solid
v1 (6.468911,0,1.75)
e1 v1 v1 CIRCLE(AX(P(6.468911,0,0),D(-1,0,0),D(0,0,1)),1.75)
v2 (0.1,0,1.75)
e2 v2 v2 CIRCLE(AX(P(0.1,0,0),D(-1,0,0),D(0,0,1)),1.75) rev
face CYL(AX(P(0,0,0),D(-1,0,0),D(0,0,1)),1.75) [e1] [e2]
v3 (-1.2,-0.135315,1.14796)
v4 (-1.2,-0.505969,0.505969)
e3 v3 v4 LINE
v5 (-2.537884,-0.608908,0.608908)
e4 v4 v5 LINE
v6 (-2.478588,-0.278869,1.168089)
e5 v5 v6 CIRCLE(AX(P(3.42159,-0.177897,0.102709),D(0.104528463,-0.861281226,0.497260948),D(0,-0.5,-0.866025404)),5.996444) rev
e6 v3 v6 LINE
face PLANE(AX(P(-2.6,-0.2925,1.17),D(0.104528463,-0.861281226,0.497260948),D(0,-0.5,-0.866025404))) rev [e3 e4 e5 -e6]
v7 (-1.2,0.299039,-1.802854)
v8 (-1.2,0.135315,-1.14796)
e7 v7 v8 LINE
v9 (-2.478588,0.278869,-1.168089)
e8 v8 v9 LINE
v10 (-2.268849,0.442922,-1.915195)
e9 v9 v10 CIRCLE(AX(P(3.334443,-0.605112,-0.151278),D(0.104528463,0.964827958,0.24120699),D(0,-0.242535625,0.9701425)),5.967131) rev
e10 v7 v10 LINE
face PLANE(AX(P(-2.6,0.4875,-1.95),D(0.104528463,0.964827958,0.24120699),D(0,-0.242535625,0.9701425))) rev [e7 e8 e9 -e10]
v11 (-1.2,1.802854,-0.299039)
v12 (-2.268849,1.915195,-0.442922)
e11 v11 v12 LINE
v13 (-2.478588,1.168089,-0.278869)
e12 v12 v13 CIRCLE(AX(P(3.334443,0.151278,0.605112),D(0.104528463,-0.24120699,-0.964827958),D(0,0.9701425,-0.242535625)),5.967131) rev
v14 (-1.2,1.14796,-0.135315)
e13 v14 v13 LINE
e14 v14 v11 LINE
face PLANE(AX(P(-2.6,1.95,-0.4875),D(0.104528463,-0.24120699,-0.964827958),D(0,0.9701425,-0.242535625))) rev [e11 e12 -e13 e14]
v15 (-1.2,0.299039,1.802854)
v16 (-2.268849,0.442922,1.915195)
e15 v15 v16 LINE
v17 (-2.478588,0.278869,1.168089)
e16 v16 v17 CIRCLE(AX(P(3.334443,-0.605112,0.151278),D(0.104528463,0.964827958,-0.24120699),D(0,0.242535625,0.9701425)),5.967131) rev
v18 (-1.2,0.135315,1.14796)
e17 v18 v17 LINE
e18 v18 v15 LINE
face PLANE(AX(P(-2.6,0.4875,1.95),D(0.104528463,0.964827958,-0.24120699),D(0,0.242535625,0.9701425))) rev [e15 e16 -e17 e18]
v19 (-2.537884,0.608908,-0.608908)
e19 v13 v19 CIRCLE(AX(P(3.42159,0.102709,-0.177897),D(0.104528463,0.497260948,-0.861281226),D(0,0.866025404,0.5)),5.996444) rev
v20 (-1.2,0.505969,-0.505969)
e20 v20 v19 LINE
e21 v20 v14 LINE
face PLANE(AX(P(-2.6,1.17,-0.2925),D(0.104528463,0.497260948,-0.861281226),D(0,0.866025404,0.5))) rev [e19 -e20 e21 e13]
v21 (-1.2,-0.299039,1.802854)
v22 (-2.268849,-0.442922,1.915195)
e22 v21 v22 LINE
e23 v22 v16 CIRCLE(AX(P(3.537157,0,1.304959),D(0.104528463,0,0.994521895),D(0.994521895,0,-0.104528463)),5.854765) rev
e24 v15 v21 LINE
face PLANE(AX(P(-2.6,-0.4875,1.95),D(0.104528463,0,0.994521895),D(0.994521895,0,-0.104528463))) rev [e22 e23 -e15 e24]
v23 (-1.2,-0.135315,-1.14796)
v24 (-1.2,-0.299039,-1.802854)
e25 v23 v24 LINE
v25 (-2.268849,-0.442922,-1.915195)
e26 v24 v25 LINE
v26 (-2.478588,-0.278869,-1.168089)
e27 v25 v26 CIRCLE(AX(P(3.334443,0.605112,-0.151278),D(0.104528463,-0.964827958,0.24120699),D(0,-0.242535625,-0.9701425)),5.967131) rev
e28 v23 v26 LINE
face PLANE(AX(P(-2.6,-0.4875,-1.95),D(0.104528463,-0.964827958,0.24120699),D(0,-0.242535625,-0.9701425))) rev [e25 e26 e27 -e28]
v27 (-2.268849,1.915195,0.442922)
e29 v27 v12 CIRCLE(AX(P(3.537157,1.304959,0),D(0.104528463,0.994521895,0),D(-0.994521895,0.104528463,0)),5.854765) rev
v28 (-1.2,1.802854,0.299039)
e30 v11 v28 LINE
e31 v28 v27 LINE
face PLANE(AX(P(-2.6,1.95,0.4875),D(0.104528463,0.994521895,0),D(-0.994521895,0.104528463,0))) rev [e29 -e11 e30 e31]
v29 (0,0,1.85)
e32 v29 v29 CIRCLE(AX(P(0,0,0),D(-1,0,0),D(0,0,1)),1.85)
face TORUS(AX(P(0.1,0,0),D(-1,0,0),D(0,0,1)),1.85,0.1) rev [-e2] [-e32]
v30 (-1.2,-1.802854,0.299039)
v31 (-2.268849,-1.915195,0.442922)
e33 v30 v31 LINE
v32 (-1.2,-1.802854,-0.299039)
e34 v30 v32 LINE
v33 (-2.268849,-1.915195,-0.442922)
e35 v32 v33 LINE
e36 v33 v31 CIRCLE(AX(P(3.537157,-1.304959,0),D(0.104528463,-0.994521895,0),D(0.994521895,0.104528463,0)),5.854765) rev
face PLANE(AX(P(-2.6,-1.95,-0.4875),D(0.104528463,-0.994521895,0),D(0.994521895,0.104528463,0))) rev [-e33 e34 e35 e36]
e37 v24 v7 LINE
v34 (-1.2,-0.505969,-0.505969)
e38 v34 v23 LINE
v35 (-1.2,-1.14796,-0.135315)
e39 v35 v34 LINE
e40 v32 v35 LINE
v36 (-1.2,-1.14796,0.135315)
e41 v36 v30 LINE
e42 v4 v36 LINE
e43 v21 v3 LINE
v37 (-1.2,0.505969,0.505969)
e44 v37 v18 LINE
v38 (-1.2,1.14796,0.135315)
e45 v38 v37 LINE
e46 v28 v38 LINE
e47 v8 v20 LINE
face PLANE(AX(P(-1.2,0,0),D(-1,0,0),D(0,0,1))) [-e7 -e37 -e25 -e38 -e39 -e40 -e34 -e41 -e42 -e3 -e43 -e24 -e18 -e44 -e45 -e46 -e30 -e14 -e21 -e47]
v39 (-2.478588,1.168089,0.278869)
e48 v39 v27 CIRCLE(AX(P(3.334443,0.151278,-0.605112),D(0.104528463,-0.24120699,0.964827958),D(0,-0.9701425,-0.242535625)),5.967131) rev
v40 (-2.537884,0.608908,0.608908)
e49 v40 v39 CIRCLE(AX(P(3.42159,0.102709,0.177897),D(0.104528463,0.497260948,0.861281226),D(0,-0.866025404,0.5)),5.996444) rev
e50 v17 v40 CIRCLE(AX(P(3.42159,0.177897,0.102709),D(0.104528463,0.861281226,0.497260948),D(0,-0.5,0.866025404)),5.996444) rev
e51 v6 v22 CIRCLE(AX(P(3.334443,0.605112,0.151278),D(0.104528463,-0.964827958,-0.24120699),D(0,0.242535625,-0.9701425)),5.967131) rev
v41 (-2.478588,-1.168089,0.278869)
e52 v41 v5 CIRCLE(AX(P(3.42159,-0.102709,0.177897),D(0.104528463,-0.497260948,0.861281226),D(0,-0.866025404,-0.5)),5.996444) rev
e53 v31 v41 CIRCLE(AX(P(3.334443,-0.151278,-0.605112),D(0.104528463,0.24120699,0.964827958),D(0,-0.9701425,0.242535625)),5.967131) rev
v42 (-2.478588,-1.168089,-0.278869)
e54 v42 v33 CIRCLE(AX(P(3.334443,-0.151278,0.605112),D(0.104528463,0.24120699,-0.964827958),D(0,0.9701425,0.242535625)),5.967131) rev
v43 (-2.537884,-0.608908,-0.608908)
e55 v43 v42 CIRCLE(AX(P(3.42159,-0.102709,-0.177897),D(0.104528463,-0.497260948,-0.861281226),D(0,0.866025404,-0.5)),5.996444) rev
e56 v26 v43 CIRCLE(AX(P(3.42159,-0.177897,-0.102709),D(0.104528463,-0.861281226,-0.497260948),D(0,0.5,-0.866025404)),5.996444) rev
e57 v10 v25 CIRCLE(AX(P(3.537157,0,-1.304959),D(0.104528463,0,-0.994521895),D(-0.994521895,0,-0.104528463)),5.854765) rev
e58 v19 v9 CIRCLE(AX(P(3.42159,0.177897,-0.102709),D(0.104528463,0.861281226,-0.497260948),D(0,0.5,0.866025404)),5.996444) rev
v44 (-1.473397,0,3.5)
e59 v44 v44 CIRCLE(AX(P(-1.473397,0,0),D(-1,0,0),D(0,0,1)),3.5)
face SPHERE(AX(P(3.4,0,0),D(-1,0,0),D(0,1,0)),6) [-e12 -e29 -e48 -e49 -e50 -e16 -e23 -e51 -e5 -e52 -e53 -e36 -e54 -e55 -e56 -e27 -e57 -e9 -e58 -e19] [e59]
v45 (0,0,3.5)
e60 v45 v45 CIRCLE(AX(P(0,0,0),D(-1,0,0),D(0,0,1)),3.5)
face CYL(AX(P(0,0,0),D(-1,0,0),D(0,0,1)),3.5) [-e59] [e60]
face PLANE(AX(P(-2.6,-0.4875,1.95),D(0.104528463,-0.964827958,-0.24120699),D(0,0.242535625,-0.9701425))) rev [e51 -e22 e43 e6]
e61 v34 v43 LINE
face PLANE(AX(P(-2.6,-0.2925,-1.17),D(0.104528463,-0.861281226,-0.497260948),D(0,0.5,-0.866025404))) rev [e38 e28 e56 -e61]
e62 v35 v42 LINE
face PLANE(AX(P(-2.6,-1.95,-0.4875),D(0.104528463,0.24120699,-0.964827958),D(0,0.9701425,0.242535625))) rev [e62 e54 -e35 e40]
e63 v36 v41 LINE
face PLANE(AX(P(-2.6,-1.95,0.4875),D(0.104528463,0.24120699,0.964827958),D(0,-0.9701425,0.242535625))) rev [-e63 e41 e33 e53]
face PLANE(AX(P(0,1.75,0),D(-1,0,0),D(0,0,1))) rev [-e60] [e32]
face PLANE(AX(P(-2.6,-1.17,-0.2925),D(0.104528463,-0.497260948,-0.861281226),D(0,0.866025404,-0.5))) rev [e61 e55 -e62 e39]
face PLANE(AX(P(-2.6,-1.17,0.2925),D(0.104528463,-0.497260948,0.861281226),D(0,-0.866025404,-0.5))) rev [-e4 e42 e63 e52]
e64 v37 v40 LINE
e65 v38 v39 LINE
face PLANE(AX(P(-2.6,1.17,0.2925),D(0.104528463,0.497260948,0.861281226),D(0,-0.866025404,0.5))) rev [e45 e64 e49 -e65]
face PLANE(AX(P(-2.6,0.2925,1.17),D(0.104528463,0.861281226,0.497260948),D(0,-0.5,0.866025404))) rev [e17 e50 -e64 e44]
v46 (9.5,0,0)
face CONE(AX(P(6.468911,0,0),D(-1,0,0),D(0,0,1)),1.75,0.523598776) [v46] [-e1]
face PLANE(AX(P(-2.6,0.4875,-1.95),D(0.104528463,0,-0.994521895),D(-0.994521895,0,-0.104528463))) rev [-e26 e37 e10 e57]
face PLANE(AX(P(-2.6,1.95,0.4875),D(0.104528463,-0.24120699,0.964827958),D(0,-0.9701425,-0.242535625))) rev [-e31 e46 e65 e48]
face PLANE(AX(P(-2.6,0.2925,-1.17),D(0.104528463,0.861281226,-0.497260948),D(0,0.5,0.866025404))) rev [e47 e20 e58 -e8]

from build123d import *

# Parameters (mm, degrees)
CHAMFER1_SIZE      = 0.35
CHAMFER1_SIZE2     = 0.606217783
CUT_EXTRUDE1_DEPTH = 1.4
CUT_EXTRUDE1_TAPER = 6
FILLET1_R          = 0.1


with BuildPart() as part:
    # Sketch1 → Revolve1 (revolve)
    with BuildSketch(Plane.XY, mode=Mode.PRIVATE) as revolve1_sk:
        with BuildLine():
            Line((0, 3.5), (-1.473397172, 3.5))
            ThreePointArc((-1.473397172, 3.5), (-2.311408891, 1.838425545), (-2.6, 0))
            Line((-2.6, 0), (9.5, 0))
            Line((9.5, 0), (9.5, 1.75))
            Line((9.5, 1.75), (0, 1.75))
            Line((0, 1.75), (0, 3.5))
        make_face()
    revolve(revolve1_sk.sketch.rotate(Axis((0, 0, 0), (1, 0, 0)), 90), axis=Axis((0, 0, 0), (1, 0, 0)))

    # Chamfer1
    chamfer1_edges = [part.edges().sort_by_distance(p)[0] for p in [
        (9.5, 0, -1.75),
    ]]
    chamfer1_side = [part.faces().sort_by_distance(p)[0] for p in [
        (9.5, 0, 0),
    ]]
    chamfer(chamfer1_edges, length=CHAMFER1_SIZE, length2=CHAMFER1_SIZE2, reference=chamfer1_side[0])

    # Sketch2 → EndCone (revolve, cut)
    with BuildSketch(Plane.XY, mode=Mode.PRIVATE) as endcone_sk:
        Polygon((9.5, 0), (6.468911087, 1.75), (6.468911087, 1.85), (9.6, 1.85), (9.6, 0), align=None)
    revolve(endcone_sk.sketch.rotate(Axis((0, 0, 0), (1, 0, 0)), 90), axis=Axis((0, 0, 0), (1, 0, 0)), mode=Mode.SUBTRACT)

    # Sketch3 → Cut-Extrude1 (cut)
    with BuildSketch(Plane(origin=(-2.6, 0, 0), x_dir=(0, 0, -1), z_dir=(1, 0, 0))):
        Polygon((-0.4875, 1.95), (-0.2925, 1.17), (-0.613687292, 0.613687292), (-1.17, 0.2925), (-1.95, 0.4875), (-1.95, -0.4875), (-1.17, -0.2925), (-0.613687292, -0.613687292), (-0.2925, -1.17), (-0.4875, -1.95), (0.4875, -1.95), (0.2925, -1.17), (0.613687292, -0.613687292), (1.17, -0.2925), (1.95, -0.4875), (1.95, 0.4875), (1.17, 0.2925), (0.613687292, 0.613687292), (0.2925, 1.17), (0.4875, 1.95), align=None)
    extrude(amount=CUT_EXTRUDE1_DEPTH, taper=CUT_EXTRUDE1_TAPER, mode=Mode.SUBTRACT)

    # Fillet1
    fillet1_edges = [part.edges().sort_by_distance(p)[0] for p in [
        (0, 0, -1.75),
    ]]
    fillet(fillet1_edges, radius=FILLET1_R)


solid = part.part
